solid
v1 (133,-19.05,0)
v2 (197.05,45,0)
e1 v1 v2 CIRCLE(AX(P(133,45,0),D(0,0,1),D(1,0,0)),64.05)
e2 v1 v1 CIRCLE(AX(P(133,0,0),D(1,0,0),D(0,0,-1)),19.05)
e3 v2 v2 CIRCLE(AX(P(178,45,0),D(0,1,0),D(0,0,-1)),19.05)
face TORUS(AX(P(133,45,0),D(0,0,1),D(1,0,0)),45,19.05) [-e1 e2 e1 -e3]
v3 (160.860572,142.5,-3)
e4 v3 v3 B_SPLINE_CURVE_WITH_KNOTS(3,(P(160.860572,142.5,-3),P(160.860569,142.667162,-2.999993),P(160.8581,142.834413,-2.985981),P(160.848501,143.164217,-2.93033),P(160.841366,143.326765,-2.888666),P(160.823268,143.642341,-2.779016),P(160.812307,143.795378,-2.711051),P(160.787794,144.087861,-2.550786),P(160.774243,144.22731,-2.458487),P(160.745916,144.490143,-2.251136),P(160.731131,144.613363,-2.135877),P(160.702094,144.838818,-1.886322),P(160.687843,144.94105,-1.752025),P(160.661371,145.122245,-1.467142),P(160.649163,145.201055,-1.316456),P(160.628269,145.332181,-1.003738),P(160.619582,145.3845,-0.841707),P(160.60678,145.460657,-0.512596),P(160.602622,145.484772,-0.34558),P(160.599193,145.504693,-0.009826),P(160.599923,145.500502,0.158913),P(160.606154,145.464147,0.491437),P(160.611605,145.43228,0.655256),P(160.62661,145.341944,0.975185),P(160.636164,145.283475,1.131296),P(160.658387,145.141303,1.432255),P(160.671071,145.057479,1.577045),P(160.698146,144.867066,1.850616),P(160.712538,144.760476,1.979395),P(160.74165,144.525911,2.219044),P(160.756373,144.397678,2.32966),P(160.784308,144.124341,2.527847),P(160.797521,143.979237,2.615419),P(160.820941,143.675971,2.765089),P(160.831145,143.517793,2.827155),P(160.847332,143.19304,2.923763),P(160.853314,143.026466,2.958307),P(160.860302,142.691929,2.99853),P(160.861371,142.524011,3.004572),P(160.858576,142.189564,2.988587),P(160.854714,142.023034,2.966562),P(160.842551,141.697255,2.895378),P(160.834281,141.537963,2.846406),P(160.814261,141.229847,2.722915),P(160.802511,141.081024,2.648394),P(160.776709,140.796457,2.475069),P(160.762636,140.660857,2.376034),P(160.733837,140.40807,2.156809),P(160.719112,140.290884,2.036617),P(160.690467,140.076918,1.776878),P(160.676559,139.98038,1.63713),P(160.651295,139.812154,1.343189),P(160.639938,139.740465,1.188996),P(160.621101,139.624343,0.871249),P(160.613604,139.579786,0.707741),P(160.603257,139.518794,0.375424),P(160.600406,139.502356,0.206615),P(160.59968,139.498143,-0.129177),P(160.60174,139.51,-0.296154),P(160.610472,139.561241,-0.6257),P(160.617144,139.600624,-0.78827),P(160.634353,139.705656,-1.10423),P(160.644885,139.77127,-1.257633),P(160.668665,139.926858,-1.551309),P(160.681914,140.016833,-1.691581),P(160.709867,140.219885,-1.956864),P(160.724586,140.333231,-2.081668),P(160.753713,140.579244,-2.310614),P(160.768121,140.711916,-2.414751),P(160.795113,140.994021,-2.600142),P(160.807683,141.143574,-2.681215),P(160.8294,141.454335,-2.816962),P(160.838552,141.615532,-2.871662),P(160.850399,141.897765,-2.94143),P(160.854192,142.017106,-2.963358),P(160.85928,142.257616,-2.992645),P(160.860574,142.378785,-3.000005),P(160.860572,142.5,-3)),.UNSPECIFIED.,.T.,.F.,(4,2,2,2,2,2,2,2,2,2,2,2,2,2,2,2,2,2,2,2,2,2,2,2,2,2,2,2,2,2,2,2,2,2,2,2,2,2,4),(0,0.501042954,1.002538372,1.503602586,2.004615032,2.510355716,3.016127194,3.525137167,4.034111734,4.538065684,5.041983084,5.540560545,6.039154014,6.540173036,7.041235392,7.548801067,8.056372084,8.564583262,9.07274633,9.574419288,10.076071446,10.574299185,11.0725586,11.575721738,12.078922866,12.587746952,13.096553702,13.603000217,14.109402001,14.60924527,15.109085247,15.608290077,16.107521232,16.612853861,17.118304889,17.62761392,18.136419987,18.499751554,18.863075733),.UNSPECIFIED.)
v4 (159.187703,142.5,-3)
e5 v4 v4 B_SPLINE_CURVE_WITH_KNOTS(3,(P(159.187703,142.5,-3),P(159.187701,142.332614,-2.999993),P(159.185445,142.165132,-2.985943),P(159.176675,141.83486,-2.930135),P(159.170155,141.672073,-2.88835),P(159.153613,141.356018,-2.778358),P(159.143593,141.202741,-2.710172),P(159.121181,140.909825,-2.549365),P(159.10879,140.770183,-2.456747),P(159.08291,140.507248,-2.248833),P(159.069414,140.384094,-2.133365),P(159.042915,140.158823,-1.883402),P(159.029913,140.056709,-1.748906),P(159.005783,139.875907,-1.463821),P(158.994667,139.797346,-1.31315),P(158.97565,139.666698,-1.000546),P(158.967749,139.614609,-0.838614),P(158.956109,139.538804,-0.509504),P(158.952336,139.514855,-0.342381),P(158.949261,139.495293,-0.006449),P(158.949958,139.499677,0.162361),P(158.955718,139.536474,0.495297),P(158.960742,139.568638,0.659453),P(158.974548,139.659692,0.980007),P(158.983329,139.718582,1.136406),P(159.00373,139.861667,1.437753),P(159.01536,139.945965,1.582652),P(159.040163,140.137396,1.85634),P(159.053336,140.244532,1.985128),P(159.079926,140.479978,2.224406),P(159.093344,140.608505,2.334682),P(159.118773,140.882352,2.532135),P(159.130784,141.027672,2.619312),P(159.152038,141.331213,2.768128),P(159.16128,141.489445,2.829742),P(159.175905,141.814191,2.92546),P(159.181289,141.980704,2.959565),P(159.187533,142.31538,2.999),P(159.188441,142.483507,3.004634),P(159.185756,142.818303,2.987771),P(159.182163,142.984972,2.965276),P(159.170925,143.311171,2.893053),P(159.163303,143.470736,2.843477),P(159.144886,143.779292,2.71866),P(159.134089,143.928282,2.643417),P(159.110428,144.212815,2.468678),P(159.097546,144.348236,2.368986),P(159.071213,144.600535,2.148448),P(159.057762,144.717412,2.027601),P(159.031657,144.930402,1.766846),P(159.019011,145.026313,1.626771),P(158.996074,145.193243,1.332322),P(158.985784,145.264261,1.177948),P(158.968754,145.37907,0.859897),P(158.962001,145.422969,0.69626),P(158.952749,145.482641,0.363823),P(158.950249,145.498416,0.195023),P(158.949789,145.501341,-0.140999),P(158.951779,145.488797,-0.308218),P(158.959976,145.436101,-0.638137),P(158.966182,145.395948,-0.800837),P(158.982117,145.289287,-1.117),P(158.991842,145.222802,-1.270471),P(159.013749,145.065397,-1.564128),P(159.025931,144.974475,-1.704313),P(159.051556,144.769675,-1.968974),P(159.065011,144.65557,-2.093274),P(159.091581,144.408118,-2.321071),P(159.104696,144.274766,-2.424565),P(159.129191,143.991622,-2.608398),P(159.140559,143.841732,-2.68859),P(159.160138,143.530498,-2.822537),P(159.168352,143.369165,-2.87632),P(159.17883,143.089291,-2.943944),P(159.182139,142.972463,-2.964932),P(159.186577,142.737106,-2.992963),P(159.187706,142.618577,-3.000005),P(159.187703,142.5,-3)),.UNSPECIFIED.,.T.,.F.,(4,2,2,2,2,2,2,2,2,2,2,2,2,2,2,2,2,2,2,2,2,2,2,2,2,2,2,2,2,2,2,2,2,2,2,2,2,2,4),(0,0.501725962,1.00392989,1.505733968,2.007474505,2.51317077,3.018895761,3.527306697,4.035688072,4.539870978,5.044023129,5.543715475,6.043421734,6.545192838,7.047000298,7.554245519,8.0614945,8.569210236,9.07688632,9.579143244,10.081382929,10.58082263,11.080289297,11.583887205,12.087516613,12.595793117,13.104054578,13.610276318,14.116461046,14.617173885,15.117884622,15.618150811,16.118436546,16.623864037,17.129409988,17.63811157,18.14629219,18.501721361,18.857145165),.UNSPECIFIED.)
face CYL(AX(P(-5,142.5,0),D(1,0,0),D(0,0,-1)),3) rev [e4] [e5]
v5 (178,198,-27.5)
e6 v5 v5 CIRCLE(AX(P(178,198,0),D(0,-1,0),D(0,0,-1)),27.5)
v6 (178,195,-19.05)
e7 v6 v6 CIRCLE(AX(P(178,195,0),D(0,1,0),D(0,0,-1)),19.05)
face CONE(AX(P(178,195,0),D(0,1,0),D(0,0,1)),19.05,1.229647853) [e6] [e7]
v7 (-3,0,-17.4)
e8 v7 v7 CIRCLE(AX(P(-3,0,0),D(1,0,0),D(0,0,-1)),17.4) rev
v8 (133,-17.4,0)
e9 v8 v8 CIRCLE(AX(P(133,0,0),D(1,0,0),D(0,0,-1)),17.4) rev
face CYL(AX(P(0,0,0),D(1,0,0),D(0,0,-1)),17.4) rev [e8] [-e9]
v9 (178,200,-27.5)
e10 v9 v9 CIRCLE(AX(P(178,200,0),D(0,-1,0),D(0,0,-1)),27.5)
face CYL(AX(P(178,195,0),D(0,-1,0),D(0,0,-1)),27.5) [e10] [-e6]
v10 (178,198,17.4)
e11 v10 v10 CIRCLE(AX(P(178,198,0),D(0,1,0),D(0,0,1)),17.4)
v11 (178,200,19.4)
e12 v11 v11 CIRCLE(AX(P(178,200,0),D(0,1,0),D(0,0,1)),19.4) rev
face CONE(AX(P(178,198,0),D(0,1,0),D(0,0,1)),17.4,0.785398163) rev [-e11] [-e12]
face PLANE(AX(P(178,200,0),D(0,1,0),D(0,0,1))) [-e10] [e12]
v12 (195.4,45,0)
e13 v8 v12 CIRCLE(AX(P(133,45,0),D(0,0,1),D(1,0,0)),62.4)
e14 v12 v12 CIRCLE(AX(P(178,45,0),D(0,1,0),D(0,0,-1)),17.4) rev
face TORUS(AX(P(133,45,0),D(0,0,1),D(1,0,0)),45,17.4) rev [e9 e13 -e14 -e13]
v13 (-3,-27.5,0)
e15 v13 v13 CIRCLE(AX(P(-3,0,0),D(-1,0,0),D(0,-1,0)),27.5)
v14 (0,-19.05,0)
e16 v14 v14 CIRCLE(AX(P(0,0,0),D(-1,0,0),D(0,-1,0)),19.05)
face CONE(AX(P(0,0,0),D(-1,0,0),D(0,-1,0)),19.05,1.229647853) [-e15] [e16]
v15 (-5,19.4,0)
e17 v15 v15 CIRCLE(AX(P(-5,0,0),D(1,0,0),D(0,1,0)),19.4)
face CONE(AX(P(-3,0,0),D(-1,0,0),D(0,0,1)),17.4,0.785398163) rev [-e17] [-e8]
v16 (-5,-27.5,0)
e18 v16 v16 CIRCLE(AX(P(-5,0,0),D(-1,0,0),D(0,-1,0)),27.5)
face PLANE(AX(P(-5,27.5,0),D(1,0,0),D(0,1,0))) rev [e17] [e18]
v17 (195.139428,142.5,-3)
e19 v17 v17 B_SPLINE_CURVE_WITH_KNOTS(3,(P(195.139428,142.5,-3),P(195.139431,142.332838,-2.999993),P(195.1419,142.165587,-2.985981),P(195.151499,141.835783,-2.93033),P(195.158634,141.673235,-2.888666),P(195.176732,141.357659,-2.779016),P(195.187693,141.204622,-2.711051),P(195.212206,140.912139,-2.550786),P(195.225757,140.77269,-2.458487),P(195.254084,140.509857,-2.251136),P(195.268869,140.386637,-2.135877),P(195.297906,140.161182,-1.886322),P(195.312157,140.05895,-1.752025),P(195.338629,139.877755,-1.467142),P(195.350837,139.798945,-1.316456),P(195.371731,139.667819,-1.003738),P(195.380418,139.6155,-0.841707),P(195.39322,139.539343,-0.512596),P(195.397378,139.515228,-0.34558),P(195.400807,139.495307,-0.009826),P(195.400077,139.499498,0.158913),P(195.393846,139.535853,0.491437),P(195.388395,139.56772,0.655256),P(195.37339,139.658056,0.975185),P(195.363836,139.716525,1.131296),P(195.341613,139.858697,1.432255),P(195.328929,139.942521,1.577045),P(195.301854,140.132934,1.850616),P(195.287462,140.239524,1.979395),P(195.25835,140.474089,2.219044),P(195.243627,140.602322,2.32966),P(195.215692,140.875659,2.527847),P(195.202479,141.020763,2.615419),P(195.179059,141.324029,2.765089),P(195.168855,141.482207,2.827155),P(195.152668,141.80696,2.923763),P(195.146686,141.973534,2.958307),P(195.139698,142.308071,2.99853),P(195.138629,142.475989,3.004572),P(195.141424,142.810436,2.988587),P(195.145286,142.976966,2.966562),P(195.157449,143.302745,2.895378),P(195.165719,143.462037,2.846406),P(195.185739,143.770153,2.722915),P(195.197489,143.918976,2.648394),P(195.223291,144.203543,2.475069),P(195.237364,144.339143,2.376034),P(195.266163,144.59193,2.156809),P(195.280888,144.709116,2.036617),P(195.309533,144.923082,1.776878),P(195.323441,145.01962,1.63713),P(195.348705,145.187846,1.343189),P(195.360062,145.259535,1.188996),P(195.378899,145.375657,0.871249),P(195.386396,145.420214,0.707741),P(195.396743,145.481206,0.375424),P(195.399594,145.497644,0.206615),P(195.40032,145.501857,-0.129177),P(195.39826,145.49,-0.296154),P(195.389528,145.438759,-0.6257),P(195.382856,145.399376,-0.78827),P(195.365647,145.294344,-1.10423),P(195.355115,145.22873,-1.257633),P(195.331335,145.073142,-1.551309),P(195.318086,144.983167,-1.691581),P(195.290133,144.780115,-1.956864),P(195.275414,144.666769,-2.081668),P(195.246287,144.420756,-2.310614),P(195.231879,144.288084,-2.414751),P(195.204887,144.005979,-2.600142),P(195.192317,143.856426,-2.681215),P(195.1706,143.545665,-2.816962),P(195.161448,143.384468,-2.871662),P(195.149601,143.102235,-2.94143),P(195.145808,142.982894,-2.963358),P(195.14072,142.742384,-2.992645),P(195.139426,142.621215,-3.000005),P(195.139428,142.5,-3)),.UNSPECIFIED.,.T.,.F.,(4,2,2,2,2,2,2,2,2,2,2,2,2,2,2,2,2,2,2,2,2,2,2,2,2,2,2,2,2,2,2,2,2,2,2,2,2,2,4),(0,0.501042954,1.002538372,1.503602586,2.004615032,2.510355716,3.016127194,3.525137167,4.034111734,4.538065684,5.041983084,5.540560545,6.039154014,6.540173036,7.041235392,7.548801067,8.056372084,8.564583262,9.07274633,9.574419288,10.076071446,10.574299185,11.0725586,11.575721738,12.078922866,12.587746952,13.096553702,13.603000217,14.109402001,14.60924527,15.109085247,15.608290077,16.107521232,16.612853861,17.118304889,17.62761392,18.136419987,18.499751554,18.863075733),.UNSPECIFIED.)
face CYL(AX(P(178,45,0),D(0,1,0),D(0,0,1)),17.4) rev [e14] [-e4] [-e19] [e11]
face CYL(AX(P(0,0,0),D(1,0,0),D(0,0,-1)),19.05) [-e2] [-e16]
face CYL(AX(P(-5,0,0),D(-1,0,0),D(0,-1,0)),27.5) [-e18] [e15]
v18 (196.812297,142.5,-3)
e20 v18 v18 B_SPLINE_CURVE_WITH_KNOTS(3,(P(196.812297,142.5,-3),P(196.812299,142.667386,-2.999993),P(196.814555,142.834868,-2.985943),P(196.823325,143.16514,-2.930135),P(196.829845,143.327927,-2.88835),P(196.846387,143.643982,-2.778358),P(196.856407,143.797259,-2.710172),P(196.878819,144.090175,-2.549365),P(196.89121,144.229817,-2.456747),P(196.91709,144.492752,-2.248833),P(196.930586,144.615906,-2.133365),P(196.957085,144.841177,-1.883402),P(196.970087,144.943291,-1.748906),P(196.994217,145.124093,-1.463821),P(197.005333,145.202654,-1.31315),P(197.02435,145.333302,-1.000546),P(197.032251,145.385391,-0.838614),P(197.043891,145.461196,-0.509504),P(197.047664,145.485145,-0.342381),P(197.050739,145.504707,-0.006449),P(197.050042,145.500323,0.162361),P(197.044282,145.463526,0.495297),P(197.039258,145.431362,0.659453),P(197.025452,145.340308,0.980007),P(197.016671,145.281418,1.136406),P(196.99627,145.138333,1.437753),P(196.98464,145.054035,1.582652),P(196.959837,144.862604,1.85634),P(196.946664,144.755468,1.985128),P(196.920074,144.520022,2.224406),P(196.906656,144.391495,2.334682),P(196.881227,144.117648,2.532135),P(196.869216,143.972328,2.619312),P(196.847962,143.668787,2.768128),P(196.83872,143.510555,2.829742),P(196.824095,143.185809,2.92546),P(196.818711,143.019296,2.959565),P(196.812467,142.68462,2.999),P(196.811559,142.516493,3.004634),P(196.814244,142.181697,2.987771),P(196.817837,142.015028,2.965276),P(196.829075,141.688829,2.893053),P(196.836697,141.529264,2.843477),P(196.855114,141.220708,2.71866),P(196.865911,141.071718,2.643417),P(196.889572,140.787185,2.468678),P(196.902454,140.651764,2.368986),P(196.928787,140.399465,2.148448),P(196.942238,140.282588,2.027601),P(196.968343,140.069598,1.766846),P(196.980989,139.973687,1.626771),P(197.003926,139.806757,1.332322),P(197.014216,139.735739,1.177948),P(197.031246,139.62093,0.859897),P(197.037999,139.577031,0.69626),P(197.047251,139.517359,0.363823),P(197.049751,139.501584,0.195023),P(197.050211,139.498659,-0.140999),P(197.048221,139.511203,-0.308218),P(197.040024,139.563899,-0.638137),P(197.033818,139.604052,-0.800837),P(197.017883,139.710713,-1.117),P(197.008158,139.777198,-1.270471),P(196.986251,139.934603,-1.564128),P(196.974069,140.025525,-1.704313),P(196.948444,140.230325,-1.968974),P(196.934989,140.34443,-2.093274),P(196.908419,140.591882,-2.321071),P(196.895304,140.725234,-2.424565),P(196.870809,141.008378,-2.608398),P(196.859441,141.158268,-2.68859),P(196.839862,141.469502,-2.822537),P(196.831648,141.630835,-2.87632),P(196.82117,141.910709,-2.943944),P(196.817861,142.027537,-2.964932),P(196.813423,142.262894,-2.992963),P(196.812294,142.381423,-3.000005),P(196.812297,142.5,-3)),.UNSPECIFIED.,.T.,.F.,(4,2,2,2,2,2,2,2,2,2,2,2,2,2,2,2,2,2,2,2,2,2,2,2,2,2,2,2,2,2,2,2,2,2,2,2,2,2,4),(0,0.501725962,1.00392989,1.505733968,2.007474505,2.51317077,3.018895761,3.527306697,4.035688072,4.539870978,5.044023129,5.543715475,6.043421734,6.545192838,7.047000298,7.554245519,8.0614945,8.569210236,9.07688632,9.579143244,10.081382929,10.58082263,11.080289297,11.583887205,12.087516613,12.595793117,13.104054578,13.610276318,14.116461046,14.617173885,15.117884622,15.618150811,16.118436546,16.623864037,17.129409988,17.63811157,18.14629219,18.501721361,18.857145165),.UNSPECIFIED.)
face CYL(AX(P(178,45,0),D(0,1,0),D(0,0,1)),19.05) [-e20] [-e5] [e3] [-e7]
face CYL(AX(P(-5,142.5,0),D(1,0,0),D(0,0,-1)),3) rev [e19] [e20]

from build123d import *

# Parameters (mm, degrees)
SKETCH_2_R               = 19.05
SKETCH_2_R_2             = 17.4
SKETCH_2_2_R             = 19.05
SKETCH_2_2_R_2           = 17.4
CUT_EXTRUDE_1_REACH      = 293.662
SKETCH_6_R               = 17.4
CUT_EXTRUDE_2_REACH      = 309.803
SKETCH_7_R               = 17.4
CHAMFER_1_SIZE           = 2
CUT_EXTRUDE_3_DEPTH      = 289.073775273
CUT_EXTRUDE_3_DEPTH_BACK = 289.073775273
SKETCH_8_R               = 3


with BuildPart() as part:
    # 스윕1: sweep along a path in 스케치1
    with BuildLine(Plane.XY) as sweep_1_path:
        Line((0, 0), (133, 0))
        ThreePointArc((133, 0), (164.819805153, 13.180194847), (178, 45))
        Line((178, 45), (178, 195))
    # 스케치2 → 스윕1 (sweep)
    with BuildSketch(Plane(origin=(0, 0, 0), x_dir=(0, 0, -1), z_dir=(1, 0, 0))):
        Circle(SKETCH_2_R)
        Circle(SKETCH_2_R_2, mode=Mode.SUBTRACT)
    sweep(path=sweep_1_path.line)



with BuildPart() as body_2:
    # 스윕2: sweep along a path in 스케치1<2>
    with BuildLine(Plane.XY) as sweep_2_path:
        Line((0, 0), (133, 0))
        ThreePointArc((133, 0), (164.819805153, 13.180194847), (178, 45))
        Line((178, 45), (178, 195))
    # 스케치2<2> → 스윕2 (sweep)
    with BuildSketch(Plane(origin=(0, 0, 0), x_dir=(0, 0, -1), z_dir=(1, 0, 0))):
        Circle(SKETCH_2_2_R)
        Circle(SKETCH_2_2_R_2, mode=Mode.SUBTRACT)
    sweep(path=sweep_2_path.line)


with BuildPart() as part_1:
    add(part.part)

    add(body_2.part)  # 회전1 merges body 2
    # 스케치4 → 회전1 (revolve)
    with BuildSketch(Plane.XY, mode=Mode.PRIVATE) as revolve_1_sk:
        Polygon((0, 0), (0, 19.05), (-3, 27.5), (-5, 27.5), (-5, 0), align=None)
    revolve(revolve_1_sk.sketch.rotate(Axis((-5, 0, 0), (1, 0, 0)), 180), axis=Axis((-5, 0, 0), (1, 0, 0)))

    # 스케치5 → 회전2 (revolve)
    with BuildSketch(Plane.XY):
        Polygon((178, 195), (178, 200), (205.5, 200), (205.5, 198), (197.05, 195), align=None)
    revolve(axis=Axis((178, 195, 0), (0, 1, 0)))

    # 스케치6 → 컷-돌출1 (cut, up to next)
    with BuildSketch(Plane.ZY.offset(5), mode=Mode.PRIVATE) as cut_extrude_1_sk1:
        with Locations(Location((0, 0, 0), (0, 0, 270))):
            Circle(SKETCH_6_R)
    cut_extrude_1_tool1 = extrude(cut_extrude_1_sk1.sketch, amount=-CUT_EXTRUDE_1_REACH, mode=Mode.PRIVATE) & part_1.part
    add(cut_extrude_1_tool1.solids().sort_by_distance((-5, 0, 0))[0], mode=Mode.SUBTRACT)

    # 스케치7 → 컷-돌출2 (cut, up to next)
    with BuildSketch(Plane(origin=(0, 200, 0), x_dir=(1, 0, 0), z_dir=(0, 1, 0)), mode=Mode.PRIVATE) as cut_extrude_2_sk1:
        with Locations(Location((178, 0, 0), (0, 0, 270))):
            Circle(SKETCH_7_R)
    cut_extrude_2_tool1 = extrude(cut_extrude_2_sk1.sketch, amount=-CUT_EXTRUDE_2_REACH, mode=Mode.PRIVATE) & part_1.part
    add(cut_extrude_2_tool1.solids().sort_by_distance((178, 200, 0))[0], mode=Mode.SUBTRACT)

    # 모따기1
    chamfer_1_edges = [part_1.edges().sort_by_distance(p)[0] for p in [
        (-5, 17.4, 0),
        (178, 200, -17.4),
    ]]
    chamfer(chamfer_1_edges, length=CHAMFER_1_SIZE)

    # 스케치8 → 컷-돌출3 (cut, two sides: drawn at the far end of the back side and taken through both)
    with BuildSketch(Plane(origin=(0, 0, 0), x_dir=(0, 0, -1), z_dir=(1, 0, 0)).offset(-CUT_EXTRUDE_3_DEPTH_BACK)):
        with Locations((0, 142.5)):
            Circle(SKETCH_8_R)
    extrude(amount=CUT_EXTRUDE_3_DEPTH + CUT_EXTRUDE_3_DEPTH_BACK, mode=Mode.SUBTRACT)


solid = part_1.part
